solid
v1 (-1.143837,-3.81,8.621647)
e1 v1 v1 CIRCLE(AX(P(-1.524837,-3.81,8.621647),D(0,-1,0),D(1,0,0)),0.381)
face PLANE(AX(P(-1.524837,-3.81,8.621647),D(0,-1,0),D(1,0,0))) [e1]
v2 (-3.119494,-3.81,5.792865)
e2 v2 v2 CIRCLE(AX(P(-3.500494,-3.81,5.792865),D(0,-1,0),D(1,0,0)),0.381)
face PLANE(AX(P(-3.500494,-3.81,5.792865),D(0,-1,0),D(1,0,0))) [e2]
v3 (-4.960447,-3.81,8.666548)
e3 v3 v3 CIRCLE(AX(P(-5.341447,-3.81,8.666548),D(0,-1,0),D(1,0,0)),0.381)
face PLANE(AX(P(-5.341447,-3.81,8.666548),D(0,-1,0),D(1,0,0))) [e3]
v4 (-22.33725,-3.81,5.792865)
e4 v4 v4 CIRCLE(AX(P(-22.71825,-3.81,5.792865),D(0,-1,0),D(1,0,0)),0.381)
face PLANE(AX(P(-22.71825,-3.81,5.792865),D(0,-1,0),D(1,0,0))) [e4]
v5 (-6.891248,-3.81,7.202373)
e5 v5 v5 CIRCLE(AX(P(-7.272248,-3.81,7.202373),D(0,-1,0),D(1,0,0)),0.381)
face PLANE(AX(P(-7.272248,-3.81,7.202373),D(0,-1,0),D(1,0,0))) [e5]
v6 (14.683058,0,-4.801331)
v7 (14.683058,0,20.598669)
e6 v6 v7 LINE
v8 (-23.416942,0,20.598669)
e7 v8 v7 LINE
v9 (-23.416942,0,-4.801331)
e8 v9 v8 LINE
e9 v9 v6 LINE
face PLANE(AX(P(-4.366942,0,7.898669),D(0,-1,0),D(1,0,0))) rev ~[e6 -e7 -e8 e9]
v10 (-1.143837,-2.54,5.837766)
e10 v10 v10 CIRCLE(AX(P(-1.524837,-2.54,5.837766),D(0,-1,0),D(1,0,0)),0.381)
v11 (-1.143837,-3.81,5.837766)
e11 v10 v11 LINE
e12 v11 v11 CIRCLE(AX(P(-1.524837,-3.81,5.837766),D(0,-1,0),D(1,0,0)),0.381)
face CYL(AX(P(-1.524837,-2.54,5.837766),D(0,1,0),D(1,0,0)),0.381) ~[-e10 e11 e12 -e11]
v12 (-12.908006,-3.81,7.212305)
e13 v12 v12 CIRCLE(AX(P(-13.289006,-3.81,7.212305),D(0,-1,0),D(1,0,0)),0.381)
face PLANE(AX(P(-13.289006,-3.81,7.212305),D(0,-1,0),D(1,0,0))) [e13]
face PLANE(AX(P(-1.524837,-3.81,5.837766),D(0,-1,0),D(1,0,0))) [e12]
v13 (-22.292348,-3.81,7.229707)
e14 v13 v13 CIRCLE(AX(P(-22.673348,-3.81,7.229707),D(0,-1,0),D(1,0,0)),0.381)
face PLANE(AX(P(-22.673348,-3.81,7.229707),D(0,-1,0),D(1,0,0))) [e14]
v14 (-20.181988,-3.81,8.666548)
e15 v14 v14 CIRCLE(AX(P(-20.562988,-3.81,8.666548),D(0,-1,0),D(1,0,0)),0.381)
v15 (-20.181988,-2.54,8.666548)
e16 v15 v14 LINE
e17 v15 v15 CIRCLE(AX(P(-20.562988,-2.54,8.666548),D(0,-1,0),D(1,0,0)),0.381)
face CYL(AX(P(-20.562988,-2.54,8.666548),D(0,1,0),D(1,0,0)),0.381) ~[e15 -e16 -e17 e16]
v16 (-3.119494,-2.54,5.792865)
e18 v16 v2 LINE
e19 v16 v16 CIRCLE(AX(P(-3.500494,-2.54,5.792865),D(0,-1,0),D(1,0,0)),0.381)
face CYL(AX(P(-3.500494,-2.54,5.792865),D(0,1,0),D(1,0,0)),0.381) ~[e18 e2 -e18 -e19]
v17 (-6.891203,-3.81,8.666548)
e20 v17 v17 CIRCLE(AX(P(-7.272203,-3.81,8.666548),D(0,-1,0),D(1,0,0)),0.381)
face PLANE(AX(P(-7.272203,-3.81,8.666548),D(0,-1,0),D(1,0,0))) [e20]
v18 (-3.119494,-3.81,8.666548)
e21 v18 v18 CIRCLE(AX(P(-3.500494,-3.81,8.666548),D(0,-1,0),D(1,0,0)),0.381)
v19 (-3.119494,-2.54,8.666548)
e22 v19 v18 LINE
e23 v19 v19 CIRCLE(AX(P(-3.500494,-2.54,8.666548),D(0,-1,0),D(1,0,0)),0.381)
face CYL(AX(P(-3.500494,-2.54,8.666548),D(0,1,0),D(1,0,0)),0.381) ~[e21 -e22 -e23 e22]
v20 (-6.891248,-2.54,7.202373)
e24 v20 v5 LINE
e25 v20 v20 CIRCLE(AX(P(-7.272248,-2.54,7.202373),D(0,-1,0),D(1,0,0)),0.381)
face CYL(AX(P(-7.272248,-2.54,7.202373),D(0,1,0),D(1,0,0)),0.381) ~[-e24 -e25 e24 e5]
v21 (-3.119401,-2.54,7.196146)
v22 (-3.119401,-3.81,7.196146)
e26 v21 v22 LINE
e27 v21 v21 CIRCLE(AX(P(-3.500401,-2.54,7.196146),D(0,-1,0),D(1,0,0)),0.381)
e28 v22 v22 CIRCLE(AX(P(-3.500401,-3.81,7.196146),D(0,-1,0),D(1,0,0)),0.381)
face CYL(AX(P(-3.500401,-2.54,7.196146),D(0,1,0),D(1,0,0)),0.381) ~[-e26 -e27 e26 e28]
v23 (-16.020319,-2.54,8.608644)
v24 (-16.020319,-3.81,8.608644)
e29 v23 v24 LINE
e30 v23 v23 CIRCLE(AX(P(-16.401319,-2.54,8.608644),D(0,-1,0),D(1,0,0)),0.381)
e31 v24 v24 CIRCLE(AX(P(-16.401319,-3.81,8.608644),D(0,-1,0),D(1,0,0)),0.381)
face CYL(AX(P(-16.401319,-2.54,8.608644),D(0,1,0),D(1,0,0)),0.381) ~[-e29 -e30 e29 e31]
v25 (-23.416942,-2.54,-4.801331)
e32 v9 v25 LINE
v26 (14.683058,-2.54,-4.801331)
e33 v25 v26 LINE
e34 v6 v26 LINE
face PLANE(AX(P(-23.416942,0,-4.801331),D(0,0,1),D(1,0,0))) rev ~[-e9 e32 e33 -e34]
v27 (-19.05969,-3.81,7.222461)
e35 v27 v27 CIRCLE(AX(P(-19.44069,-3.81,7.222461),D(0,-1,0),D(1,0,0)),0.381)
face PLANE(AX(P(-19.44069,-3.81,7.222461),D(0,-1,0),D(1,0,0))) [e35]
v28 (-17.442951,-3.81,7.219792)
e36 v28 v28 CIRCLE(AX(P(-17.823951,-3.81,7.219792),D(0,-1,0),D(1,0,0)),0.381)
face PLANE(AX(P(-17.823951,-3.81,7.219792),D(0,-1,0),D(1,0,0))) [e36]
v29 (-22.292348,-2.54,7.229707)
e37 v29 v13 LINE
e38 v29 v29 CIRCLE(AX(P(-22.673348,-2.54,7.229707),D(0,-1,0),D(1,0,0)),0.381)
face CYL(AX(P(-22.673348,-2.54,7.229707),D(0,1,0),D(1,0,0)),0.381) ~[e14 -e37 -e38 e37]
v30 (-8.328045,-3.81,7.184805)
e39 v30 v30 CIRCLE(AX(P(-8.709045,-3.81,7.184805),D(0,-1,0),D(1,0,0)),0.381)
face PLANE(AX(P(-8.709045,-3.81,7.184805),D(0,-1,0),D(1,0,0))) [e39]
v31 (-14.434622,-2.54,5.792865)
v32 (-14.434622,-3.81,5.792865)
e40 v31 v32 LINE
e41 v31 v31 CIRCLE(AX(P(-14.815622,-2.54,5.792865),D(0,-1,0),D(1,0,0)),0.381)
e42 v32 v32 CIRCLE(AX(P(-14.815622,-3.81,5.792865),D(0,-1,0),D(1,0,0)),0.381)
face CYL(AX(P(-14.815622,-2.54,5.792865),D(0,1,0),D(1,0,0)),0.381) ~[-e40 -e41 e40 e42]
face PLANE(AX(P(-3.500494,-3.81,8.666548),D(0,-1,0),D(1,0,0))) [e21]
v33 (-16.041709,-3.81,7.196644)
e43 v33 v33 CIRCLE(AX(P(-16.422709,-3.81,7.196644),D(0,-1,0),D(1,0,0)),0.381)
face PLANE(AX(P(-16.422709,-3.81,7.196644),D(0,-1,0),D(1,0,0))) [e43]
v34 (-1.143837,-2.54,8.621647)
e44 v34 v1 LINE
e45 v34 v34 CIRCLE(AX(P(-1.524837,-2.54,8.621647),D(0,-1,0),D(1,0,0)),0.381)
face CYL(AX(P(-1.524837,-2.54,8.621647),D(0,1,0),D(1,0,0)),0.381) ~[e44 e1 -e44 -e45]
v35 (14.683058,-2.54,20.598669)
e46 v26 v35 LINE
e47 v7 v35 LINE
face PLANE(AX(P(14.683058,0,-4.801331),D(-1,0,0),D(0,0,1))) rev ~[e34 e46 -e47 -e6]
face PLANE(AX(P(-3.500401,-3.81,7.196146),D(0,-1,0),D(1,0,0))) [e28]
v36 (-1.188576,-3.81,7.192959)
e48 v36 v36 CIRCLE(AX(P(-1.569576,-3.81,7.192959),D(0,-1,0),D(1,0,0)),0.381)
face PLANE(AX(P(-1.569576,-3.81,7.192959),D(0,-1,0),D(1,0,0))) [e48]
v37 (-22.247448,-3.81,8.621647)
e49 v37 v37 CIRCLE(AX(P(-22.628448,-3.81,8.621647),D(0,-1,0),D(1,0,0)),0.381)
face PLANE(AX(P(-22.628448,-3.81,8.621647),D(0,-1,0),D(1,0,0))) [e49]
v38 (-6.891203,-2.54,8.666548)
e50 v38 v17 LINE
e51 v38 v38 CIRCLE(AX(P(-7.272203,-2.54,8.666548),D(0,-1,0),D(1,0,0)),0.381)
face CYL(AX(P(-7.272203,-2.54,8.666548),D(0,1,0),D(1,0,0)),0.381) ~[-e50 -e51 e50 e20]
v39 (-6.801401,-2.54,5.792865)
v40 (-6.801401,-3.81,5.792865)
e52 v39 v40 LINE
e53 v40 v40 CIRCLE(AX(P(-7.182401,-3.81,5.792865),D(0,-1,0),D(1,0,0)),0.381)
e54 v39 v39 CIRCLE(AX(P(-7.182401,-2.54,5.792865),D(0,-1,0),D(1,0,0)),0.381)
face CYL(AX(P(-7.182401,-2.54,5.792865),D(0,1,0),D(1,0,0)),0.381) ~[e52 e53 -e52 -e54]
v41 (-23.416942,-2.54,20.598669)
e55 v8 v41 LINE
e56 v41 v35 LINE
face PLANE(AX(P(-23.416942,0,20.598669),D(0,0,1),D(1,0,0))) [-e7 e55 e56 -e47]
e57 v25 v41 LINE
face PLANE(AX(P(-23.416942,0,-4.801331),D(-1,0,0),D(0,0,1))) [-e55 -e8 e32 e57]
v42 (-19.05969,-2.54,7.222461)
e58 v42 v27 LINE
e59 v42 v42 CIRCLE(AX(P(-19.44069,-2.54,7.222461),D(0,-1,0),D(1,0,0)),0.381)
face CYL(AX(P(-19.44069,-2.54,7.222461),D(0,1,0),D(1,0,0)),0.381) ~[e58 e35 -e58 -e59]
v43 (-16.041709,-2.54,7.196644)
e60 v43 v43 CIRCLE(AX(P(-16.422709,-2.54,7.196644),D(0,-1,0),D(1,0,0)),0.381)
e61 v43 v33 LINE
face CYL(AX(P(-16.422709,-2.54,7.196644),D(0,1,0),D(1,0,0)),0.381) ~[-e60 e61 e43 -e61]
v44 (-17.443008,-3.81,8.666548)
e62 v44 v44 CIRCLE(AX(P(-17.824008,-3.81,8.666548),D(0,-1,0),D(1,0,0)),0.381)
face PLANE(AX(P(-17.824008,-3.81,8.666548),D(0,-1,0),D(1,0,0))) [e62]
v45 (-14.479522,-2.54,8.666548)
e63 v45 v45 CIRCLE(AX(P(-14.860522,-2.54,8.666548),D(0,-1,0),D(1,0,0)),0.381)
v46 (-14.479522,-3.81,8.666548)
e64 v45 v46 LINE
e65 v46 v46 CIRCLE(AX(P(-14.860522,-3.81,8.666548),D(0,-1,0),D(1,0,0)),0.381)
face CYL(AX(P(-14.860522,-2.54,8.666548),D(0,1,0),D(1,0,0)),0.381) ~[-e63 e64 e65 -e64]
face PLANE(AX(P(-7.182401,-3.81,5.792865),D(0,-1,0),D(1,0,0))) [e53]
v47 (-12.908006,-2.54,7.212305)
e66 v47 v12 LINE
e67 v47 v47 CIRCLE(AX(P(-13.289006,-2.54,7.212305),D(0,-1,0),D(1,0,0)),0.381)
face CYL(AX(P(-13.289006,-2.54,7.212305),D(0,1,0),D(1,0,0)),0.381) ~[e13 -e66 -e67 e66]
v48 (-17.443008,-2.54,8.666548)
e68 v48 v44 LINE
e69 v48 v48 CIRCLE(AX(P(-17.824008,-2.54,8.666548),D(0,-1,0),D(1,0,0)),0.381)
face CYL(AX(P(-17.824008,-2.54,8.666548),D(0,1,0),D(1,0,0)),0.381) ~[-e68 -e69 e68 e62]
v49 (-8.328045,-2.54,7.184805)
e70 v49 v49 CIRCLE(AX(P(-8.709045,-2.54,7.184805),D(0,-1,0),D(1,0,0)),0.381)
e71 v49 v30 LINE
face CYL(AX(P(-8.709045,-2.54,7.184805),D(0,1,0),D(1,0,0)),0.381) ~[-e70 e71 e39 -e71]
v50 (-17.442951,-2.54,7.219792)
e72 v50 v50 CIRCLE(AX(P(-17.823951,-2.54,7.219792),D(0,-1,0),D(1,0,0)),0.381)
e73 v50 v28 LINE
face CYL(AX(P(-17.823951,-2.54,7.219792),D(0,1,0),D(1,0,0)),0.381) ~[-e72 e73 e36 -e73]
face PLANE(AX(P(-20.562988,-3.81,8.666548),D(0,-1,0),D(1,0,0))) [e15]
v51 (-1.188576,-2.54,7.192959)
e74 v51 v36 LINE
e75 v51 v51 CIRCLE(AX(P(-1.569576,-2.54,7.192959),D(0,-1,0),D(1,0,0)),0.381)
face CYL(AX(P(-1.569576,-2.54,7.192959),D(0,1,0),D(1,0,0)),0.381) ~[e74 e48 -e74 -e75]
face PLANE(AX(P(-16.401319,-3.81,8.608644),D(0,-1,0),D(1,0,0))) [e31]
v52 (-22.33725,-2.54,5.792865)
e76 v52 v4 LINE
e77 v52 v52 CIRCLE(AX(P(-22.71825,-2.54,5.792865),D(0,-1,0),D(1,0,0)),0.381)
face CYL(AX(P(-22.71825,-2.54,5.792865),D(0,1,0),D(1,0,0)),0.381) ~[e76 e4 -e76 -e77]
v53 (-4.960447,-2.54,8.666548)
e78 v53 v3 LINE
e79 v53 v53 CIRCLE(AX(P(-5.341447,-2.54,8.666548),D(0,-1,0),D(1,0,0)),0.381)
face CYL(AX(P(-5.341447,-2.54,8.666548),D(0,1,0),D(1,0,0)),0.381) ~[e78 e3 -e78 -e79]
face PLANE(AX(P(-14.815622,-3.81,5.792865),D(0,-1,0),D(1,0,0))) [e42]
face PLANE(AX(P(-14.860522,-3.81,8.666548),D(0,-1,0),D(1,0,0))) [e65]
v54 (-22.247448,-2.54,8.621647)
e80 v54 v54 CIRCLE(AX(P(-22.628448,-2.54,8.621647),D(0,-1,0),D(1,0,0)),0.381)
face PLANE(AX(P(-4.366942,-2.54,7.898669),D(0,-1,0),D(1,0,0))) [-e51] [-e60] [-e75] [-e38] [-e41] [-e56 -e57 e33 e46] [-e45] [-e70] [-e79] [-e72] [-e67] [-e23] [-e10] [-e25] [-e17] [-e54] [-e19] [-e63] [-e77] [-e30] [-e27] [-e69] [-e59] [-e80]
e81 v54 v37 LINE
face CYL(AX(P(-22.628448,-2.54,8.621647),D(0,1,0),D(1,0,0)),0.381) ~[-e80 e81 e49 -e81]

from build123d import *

# Parameters (mm, degrees)
F0_W     = 38.1
F0_H     = 25.4
F1_DEPTH = 2.54
F2_R     = 0.381
F3_DEPTH = 1.27


with BuildPart() as f1:
    # F0 (on Front) → F1 (new body)
    with BuildSketch(Plane.XZ):
        with Locations((-4.366942, 7.898669)):
            Rectangle(F0_W, F0_H)
    extrude(amount=F1_DEPTH)

    # F2 (on face) → F3 (join)
    with BuildSketch(Plane.XZ.offset(2.54)):
        with Locations((-22.628448, 8.621647)):
            Circle(F2_R)
        with Locations((-22.673348, 7.229707)):
            Circle(F2_R)
        with Locations((-22.71825, 5.792865)):
            Circle(F2_R)
        with Locations((-20.562988, 8.666548)):
            Circle(F2_R)
        with Locations((-19.44069, 7.222461)):
            Circle(F2_R)
        with Locations((-17.824008, 8.666548)):
            Circle(F2_R)
        with Locations((-17.823951, 7.219792)):
            Circle(F2_R)
        with Locations((-16.422709, 7.196644)):
            Circle(F2_R)
        with Locations((-14.860522, 8.666548)):
            Circle(F2_R)
        with Locations((-14.815622, 5.792865)):
            Circle(F2_R)
        with Locations((-13.289006, 7.212305)):
            Circle(F2_R)
        with Locations((-8.709045, 7.184805)):
            Circle(F2_R)
        with Locations((-7.272203, 8.666548)):
            Circle(F2_R)
        with Locations((-7.272248, 7.202373)):
            Circle(F2_R)
        with Locations((-7.182401, 5.792865)):
            Circle(F2_R)
        with Locations((-5.341447, 8.666548)):
            Circle(F2_R)
        with Locations((-3.500494, 8.666548)):
            Circle(F2_R)
        with Locations((-3.500401, 7.196146)):
            Circle(F2_R)
        with Locations((-3.500494, 5.792865)):
            Circle(F2_R)
        with Locations((-1.524837, 8.621647)):
            Circle(F2_R)
        with Locations((-1.569576, 7.192959)):
            Circle(F2_R)
        with Locations((-1.524837, 5.837766)):
            Circle(F2_R)
        with Locations((-16.401319, 8.608644)):
            Circle(F2_R)
    extrude(amount=F3_DEPTH)


solid = f1.part
